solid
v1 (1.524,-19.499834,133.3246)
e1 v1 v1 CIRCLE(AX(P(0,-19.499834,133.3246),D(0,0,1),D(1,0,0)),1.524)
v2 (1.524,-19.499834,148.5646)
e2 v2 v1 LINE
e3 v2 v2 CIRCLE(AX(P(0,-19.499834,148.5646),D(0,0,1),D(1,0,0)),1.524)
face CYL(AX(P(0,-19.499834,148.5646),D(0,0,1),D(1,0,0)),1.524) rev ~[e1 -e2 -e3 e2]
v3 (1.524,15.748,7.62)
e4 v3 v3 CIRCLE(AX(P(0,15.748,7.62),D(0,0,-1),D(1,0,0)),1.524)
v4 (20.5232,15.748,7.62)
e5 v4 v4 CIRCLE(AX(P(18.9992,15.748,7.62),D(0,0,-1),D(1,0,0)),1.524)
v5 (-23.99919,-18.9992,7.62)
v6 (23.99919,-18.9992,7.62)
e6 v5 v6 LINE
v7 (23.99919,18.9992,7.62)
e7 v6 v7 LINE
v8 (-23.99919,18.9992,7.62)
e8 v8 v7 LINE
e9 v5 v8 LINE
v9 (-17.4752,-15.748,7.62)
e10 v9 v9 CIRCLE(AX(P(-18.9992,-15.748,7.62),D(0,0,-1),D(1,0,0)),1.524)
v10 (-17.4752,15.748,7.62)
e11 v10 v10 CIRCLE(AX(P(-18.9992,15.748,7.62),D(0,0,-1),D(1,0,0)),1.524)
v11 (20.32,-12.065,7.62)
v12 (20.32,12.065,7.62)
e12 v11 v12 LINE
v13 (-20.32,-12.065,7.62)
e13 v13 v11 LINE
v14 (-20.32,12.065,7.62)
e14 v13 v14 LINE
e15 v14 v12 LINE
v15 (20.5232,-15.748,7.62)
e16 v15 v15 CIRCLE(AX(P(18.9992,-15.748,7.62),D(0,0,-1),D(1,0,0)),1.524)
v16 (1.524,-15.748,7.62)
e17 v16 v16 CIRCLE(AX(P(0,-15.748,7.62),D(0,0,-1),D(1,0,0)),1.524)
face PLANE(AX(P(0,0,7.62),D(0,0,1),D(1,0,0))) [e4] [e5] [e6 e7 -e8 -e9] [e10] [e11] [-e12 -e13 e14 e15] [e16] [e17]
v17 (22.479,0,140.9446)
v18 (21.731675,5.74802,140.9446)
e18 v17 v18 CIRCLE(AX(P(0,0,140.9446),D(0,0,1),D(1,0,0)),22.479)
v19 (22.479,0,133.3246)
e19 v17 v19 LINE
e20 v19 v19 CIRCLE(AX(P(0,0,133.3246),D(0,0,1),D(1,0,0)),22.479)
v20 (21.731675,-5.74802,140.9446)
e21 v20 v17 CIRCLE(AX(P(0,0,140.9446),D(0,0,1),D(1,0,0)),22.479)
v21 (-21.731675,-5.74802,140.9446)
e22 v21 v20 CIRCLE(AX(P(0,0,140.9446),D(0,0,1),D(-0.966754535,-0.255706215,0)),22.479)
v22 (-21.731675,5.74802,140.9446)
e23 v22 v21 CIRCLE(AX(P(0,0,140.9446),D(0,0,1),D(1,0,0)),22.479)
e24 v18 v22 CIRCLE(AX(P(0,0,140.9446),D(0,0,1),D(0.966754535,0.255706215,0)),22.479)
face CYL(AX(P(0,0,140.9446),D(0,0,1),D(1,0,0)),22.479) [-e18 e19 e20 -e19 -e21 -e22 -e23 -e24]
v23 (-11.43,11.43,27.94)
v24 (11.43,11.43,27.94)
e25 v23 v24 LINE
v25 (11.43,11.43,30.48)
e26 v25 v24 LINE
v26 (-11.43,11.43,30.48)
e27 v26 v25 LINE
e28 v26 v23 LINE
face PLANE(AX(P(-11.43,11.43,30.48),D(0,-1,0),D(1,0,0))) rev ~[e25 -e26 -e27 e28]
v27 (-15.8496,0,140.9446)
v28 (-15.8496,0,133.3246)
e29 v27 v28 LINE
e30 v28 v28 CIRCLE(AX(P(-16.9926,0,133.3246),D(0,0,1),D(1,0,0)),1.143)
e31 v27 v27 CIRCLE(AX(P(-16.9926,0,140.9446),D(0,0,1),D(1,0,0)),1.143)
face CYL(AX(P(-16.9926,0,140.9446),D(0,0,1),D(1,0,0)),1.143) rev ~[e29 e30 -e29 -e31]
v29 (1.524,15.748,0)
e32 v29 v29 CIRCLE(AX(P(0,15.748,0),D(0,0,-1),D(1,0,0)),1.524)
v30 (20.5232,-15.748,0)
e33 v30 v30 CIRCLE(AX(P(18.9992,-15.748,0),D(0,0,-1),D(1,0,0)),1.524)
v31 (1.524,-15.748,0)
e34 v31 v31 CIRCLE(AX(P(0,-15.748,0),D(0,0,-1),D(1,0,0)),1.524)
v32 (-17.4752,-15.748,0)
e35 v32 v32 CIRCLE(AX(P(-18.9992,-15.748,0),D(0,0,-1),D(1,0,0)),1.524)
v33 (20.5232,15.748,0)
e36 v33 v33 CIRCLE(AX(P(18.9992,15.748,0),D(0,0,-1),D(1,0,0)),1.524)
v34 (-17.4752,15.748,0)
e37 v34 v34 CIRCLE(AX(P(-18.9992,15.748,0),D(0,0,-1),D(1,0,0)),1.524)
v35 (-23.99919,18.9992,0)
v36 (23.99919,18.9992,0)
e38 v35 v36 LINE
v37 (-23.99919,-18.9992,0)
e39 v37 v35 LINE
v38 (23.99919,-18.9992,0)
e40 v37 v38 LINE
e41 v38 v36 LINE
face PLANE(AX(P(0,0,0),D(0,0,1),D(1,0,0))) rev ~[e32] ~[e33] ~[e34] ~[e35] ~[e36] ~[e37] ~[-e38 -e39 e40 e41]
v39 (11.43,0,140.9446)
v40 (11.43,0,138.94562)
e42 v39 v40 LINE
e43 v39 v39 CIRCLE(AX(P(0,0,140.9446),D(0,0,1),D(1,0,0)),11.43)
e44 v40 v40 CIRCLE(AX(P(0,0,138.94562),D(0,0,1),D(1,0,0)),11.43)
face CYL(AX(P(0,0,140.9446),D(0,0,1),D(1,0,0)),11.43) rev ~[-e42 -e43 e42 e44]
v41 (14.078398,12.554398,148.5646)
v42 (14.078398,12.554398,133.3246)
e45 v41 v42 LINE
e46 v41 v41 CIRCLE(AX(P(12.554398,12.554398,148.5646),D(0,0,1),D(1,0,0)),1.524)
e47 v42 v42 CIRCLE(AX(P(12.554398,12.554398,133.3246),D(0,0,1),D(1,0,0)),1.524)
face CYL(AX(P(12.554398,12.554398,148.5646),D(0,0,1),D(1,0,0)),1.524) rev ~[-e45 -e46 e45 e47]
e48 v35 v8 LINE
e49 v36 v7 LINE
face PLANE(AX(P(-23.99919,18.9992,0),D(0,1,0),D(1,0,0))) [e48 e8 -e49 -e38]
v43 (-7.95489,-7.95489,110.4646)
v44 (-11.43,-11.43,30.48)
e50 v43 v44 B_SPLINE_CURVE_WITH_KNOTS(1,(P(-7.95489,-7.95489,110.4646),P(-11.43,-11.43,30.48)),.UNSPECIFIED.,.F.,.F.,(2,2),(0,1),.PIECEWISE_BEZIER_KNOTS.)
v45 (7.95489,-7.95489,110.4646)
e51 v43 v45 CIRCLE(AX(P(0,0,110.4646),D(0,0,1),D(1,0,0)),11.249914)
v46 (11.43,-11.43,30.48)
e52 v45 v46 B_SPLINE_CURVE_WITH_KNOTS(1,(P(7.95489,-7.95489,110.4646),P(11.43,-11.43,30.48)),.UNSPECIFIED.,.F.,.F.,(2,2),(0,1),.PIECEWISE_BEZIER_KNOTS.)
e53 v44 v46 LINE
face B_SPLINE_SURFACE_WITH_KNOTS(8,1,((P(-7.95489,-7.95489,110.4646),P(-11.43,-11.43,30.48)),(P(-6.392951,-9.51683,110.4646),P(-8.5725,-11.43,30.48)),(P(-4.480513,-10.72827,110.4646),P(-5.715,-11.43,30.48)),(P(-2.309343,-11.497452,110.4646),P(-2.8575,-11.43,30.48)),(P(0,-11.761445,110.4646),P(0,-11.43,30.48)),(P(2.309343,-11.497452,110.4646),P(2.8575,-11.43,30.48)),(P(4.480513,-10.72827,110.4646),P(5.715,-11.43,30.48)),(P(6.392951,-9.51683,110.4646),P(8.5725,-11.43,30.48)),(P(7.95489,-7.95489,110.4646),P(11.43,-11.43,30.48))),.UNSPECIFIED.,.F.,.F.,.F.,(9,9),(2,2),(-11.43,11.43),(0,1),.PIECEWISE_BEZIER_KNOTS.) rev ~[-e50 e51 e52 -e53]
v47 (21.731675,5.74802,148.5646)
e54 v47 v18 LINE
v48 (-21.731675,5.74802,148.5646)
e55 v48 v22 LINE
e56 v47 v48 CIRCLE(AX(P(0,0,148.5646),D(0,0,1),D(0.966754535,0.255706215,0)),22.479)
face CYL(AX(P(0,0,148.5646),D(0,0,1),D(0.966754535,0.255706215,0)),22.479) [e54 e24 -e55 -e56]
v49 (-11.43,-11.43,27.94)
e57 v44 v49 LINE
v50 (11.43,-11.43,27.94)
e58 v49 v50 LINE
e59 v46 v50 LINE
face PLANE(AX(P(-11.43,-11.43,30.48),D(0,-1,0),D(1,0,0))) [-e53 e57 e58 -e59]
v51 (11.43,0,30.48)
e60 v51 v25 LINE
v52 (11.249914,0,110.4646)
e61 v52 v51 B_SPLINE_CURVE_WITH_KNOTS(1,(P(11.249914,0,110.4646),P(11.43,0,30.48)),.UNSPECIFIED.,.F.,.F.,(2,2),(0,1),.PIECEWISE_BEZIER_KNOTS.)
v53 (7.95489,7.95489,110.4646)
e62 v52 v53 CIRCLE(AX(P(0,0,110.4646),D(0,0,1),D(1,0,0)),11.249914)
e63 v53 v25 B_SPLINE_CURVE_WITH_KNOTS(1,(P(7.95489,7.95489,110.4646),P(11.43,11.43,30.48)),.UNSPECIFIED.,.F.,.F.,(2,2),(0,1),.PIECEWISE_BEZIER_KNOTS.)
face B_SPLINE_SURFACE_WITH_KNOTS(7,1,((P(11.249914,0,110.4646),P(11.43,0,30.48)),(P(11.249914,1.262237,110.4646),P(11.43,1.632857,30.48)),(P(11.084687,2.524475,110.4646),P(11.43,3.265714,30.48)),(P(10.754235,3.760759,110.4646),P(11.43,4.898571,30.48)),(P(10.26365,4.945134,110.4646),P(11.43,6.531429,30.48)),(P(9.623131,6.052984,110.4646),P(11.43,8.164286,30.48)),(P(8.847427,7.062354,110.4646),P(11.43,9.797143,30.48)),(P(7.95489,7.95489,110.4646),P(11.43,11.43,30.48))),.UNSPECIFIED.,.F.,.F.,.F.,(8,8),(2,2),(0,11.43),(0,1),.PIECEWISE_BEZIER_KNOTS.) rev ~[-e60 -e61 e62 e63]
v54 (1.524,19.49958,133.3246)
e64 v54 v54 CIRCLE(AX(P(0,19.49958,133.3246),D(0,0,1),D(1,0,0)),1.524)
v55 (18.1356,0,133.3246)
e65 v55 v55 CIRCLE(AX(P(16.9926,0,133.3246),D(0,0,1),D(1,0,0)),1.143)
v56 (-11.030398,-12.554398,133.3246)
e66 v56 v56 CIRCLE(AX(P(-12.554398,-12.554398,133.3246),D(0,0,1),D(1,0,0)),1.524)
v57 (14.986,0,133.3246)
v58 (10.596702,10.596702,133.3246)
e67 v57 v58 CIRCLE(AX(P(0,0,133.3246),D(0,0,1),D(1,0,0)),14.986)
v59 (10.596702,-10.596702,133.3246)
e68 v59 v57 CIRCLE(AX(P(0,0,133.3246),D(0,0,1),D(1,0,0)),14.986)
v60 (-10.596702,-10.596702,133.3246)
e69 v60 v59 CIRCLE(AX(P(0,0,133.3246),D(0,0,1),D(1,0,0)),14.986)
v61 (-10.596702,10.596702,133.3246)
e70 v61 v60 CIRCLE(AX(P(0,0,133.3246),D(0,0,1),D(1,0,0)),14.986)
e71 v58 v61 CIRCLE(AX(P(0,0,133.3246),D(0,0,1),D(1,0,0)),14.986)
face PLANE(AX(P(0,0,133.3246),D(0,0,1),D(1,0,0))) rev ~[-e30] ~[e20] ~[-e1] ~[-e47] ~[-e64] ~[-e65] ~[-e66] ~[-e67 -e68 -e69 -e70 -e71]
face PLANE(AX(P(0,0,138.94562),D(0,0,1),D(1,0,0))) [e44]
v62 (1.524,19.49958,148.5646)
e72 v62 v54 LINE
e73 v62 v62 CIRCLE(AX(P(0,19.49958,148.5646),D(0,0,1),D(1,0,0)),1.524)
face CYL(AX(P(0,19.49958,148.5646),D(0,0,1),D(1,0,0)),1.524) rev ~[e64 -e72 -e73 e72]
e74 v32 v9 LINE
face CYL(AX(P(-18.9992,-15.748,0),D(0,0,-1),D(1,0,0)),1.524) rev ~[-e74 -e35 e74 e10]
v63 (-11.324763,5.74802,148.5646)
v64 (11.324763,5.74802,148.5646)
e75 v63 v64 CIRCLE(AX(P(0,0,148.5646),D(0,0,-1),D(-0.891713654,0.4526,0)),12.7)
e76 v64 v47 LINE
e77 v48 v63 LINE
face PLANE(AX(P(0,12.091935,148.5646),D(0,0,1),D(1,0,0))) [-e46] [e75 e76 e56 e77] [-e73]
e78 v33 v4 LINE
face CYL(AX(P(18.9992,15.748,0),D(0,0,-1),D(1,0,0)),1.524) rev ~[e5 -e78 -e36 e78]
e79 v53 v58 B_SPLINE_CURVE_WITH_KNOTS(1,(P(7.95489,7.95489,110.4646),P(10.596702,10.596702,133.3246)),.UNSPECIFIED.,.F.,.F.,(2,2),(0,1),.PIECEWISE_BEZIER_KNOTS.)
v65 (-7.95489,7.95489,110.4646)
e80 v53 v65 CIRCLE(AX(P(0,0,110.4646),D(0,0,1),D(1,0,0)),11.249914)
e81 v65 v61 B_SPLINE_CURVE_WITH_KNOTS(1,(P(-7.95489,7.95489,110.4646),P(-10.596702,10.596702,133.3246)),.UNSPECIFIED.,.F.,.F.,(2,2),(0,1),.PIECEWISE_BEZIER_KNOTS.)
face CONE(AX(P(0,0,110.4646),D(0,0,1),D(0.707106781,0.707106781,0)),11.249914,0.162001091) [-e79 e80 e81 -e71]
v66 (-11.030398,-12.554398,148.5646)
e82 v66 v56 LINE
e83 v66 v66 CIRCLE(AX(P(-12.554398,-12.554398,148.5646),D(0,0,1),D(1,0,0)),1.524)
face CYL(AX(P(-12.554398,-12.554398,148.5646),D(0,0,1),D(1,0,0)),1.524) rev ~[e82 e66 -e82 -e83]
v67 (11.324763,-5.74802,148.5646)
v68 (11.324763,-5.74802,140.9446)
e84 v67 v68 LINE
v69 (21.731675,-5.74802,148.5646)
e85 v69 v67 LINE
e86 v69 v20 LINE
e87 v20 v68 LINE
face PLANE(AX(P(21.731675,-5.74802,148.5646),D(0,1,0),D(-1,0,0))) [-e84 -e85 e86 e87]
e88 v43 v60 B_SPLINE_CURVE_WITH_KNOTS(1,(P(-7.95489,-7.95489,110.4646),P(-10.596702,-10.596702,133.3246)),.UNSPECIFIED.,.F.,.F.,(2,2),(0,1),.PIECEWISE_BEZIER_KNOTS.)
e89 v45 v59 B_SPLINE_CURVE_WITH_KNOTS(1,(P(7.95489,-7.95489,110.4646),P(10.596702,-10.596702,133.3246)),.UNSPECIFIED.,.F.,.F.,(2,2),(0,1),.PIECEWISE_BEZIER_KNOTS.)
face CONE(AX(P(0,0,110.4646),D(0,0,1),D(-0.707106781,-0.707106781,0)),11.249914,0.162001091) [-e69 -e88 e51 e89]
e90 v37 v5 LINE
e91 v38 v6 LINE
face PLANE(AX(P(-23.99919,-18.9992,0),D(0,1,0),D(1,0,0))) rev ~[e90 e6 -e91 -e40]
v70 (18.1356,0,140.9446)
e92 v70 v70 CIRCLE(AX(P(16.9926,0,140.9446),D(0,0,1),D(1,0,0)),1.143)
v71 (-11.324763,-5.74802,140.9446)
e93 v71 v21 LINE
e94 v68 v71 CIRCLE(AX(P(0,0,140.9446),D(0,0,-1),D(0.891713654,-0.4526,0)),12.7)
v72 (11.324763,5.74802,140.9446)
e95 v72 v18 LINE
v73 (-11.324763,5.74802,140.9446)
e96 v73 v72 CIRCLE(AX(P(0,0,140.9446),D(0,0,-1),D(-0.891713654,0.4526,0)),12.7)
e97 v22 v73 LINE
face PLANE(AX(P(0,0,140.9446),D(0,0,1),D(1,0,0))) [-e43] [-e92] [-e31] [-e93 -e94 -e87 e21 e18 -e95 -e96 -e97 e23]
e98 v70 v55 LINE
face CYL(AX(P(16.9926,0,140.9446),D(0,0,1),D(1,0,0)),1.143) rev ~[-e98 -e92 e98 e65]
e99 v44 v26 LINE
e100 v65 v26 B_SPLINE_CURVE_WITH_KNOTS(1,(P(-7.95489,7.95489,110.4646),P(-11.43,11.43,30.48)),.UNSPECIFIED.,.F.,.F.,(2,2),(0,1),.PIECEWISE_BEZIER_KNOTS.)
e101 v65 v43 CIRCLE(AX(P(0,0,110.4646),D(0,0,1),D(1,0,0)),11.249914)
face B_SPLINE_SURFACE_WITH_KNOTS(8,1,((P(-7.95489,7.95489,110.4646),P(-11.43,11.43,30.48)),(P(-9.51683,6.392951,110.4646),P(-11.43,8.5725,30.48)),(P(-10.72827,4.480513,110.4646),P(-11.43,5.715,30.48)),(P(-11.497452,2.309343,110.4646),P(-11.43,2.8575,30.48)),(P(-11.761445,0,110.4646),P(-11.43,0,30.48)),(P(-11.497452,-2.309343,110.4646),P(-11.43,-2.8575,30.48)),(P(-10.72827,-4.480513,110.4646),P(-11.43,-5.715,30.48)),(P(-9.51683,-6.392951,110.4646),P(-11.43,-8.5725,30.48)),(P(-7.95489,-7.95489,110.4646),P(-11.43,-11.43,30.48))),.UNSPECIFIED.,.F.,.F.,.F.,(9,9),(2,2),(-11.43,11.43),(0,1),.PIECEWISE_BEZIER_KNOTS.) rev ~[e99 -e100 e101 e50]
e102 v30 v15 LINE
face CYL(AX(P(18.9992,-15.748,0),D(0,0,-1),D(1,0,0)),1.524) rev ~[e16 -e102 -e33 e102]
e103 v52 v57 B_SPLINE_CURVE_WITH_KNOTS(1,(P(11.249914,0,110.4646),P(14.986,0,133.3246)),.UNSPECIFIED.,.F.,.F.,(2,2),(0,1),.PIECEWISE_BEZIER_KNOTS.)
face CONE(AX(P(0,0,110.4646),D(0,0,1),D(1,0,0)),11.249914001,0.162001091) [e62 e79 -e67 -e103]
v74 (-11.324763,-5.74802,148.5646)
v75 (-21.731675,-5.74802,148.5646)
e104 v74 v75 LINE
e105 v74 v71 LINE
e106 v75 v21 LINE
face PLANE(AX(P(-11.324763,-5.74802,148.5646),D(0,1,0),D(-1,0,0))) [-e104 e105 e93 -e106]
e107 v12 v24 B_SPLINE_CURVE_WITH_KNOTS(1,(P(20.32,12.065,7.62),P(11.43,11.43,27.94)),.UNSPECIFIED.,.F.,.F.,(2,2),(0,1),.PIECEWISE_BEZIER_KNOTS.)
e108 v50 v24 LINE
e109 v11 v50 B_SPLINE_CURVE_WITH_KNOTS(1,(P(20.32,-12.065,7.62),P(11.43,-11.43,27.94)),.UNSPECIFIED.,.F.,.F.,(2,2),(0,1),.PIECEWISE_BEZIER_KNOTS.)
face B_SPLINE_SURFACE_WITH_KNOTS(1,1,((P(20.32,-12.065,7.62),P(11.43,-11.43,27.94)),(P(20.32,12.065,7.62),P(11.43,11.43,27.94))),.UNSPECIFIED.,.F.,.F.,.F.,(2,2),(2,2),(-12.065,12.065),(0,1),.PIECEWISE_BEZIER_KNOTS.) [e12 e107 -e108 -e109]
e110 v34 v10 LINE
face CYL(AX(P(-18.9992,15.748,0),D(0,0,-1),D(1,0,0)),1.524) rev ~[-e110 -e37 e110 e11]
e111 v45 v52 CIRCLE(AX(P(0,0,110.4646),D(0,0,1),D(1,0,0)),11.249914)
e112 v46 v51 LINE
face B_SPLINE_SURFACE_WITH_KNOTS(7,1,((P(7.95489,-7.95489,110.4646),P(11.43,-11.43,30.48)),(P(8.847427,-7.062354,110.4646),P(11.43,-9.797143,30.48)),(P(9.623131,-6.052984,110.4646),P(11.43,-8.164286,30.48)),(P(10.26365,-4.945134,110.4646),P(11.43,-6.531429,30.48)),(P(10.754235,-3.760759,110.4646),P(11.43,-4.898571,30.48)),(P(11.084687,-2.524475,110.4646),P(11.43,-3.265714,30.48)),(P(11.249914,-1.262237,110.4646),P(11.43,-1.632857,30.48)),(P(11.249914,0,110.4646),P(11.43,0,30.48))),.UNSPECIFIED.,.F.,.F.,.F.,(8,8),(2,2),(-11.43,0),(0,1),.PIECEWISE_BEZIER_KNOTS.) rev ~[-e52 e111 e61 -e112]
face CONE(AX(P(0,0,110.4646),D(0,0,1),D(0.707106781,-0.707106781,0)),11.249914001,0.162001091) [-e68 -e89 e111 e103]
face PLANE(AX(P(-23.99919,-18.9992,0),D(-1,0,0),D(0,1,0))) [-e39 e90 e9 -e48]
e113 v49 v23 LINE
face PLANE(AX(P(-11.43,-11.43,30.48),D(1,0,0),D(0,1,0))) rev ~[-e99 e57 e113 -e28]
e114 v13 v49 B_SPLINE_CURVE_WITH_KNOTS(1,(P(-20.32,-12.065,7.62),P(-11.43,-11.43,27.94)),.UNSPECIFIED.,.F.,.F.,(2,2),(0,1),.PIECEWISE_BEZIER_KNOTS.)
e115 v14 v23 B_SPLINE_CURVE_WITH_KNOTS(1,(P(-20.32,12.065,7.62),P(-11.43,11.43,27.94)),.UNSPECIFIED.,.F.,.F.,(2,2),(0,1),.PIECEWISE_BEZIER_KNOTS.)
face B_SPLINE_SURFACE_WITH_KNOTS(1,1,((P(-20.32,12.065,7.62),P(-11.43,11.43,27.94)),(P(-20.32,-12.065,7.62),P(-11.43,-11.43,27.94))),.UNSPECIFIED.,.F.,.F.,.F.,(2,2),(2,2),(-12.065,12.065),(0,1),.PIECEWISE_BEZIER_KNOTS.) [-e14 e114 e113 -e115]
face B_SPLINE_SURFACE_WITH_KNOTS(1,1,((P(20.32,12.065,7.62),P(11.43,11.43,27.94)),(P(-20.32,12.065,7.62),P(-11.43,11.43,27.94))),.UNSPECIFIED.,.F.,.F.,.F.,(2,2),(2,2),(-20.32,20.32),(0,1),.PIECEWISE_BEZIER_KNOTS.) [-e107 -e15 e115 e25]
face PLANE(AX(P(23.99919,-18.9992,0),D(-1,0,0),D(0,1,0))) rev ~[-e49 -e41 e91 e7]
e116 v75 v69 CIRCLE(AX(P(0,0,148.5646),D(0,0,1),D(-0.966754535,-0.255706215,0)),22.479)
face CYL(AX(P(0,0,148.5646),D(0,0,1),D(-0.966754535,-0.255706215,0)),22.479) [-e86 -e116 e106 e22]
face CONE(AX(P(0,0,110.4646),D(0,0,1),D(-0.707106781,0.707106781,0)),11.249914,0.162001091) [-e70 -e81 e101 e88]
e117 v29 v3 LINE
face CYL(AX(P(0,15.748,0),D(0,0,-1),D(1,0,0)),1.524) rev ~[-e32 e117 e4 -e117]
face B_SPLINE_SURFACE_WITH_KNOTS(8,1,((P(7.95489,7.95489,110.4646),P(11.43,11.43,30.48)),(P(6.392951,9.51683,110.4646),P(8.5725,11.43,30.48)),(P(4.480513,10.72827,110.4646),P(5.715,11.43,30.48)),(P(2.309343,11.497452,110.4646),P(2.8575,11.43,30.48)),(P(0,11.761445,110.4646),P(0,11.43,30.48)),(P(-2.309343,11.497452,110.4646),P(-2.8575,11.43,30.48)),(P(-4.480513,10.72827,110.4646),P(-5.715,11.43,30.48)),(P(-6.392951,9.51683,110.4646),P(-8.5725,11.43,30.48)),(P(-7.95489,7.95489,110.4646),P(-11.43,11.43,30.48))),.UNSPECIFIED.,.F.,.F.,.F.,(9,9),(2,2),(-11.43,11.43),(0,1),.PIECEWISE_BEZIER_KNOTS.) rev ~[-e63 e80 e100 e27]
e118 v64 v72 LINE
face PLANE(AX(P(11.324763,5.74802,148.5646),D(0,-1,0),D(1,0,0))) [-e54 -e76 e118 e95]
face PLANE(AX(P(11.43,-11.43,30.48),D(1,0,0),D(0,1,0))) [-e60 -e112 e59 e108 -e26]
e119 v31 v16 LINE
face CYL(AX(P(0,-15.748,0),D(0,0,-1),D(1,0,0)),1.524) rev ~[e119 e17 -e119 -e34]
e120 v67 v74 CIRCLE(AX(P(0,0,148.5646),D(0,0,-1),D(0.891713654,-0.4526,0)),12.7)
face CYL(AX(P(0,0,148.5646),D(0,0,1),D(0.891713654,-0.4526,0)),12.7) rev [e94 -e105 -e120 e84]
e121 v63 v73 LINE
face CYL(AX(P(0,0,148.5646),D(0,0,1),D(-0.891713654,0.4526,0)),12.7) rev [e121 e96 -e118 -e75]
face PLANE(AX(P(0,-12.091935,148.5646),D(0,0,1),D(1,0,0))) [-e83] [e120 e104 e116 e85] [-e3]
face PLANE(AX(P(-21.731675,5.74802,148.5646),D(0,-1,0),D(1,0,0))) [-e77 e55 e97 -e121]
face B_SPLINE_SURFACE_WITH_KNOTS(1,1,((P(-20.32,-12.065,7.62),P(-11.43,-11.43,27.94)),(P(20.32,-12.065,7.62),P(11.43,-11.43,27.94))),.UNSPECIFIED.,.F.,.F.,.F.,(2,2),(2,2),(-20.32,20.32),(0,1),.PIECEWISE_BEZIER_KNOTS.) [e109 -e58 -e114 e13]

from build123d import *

# Parameters (mm, degrees)
F2_W        = 22.86
F2_H        = 22.86
F2_R        = 11.24966
F11_DEPTH   = 2.54
F6_W        = 40.64
F6_H        = 24.13
F11_FACE_W  = 22.86
F11_FACE_H  = 22.86
F4_R        = 11.249914
F11_FACE1_W = 22.86
F11_FACE1_H = 22.86
F0_W        = 47.99838
F0_H        = 37.9984
F14_DEPTH   = 7.62
F16_R       = 14.986
F10_R       = 22.479
F10_R_2     = 14.986
F18_DEPTH   = 7.62
F19_DEPTH   = 7.62
F21_R       = 1.524
F22_DEPTH   = 25.4
F23_R       = 1.524
F24_DEPTH   = 25.4
F20_R       = 1.143
F25_DEPTH   = 25.4
F26_R       = 11.43
F27_DEPTH   = 1.99898


with BuildPart() as f11:
    # F2 (on offset) → F11 (new body)
    with BuildSketch(Plane.XY.offset(30.48)):
        Rectangle(F2_W, F2_H)
        Circle(F2_R, mode=Mode.SUBTRACT)
        Circle(F2_R)
    extrude(amount=-F11_DEPTH)

    # F6 (on offset) → F12 section 0
    with BuildSketch(Plane.XY.offset(7.62)):
        Rectangle(F6_W, F6_H)
    # F11_face (on face) → F12 section 1
    with BuildSketch(Plane(origin=(0, 0, 27.94), x_dir=(1, 0, 0), z_dir=(0, 0, -1))):
        Rectangle(F11_FACE_W, F11_FACE_H)
    loft()

    # F4 (on offset) → F13 section 0
    with BuildSketch(Plane.XY.offset(110.4646)):
        Circle(F4_R)
    # F11_face1 (on face) → F13 section 1
    with BuildSketch(Plane.XY.offset(30.48)):
        Rectangle(F11_FACE1_W, F11_FACE1_H)
    loft()

    # F0 (on Top) → F14 (join, through all)
    with BuildSketch(Plane.XY):
        Rectangle(F0_W, F0_H)
    extrude(amount=F14_DEPTH)

    # F13_face (on face) → F17 section 0
    with BuildSketch(Plane.XY.offset(110.4646)):
        with BuildLine():
            ThreePointArc((11.249914, 0), (10.3935652871, 4.3051557033), (7.9548904772, 7.9548904772))
            ThreePointArc((7.9548904772, 7.9548904772), (0, 11.249914), (-7.9548904772, 7.9548904772))
            ThreePointArc((-7.9548904772, 7.9548904772), (-11.249914, 0), (-7.9548904772, -7.9548904772))
            ThreePointArc((-7.9548904772, -7.9548904772), (0, -11.249914), (7.9548904772, -7.9548904772))
            ThreePointArc((7.9548904772, -7.9548904772), (10.3935652871, -4.3051557033), (11.249914, 0))
        make_face()
    # F16 (on offset) → F17 section 1
    with BuildSketch(Plane.XY.offset(133.3246)):
        Circle(F16_R)
    loft()

    # F10 (on offset) → F18 (join, through all)
    with BuildSketch(Plane.XY.offset(140.9446)):
        Circle(F10_R)
        Circle(F10_R_2, mode=Mode.SUBTRACT)
        Circle(F10_R_2)
    extrude(amount=-F18_DEPTH)

    # F8 (on offset) → F19 (join, through all)
    with BuildSketch(Plane.XY.offset(148.5646)):
        with BuildLine():
            ThreePointArc((-21.7316752019, -5.74802), (0, -22.479), (21.7316752019, -5.74802))
            Line((21.7316752019, -5.74802), (11.3247634006, -5.74802))
            ThreePointArc((11.3247634006, -5.74802), (0, -12.7), (-11.3247634006, -5.74802))
            Line((-11.3247634006, -5.74802), (-21.7316752019, -5.74802))
        make_face()
        with BuildLine():
            Line((11.3247634006, 5.74802), (21.7316752019, 5.74802))
            ThreePointArc((21.7316752019, 5.74802), (0, 22.479), (-21.7316752019, 5.74802))
            Line((-21.7316752019, 5.74802), (-11.3247634006, 5.74802))
            ThreePointArc((-11.3247634006, 5.74802), (0, 12.7), (11.3247634006, 5.74802))
        make_face()
    extrude(amount=-F19_DEPTH)

    # F21 (on face) → F22 (cut)
    with BuildSketch(Plane(origin=(0, 0, 0), x_dir=(1, 0, 0), z_dir=(0, 0, -1))):
        with Locations((-18.9992, 15.748)):
            Circle(F21_R)
        with Locations((0, 15.748)):
            Circle(F21_R)
        with Locations((18.9992, 15.748)):
            Circle(F21_R)
        with Locations((-18.9992, -15.748)):
            Circle(F21_R)
        with Locations((0, -15.748)):
            Circle(F21_R)
        with Locations((18.9992, -15.748)):
            Circle(F21_R)
    extrude(amount=-F22_DEPTH, mode=Mode.SUBTRACT)

    # F23 (on face) → F24 (cut)
    with BuildSketch(Plane.XY.offset(148.5646)):
        with Locations((0, 19.49958)):
            Circle(F23_R)
        with Locations((12.5543980573, 12.5543980573)):
            Circle(F23_R)
        with Locations((0, -19.499834)):
            Circle(F23_R)
        with Locations((-12.5543980573, -12.5543980573)):
            Circle(F23_R)
    extrude(amount=-F24_DEPTH, mode=Mode.SUBTRACT)

    # F20 (on face) → F25 (cut)
    with BuildSketch(Plane.XY.offset(140.9446)):
        with Locations((16.9926, 0)):
            Circle(F20_R)
        with Locations((-16.9926, 0)):
            Circle(F20_R)
    extrude(amount=-F25_DEPTH, mode=Mode.SUBTRACT)

    # F26 (on face) → F27 (cut)
    with BuildSketch(Plane.XY.offset(140.9446)):
        Circle(F26_R)
    extrude(amount=-F27_DEPTH, mode=Mode.SUBTRACT)


solid = f11.part
